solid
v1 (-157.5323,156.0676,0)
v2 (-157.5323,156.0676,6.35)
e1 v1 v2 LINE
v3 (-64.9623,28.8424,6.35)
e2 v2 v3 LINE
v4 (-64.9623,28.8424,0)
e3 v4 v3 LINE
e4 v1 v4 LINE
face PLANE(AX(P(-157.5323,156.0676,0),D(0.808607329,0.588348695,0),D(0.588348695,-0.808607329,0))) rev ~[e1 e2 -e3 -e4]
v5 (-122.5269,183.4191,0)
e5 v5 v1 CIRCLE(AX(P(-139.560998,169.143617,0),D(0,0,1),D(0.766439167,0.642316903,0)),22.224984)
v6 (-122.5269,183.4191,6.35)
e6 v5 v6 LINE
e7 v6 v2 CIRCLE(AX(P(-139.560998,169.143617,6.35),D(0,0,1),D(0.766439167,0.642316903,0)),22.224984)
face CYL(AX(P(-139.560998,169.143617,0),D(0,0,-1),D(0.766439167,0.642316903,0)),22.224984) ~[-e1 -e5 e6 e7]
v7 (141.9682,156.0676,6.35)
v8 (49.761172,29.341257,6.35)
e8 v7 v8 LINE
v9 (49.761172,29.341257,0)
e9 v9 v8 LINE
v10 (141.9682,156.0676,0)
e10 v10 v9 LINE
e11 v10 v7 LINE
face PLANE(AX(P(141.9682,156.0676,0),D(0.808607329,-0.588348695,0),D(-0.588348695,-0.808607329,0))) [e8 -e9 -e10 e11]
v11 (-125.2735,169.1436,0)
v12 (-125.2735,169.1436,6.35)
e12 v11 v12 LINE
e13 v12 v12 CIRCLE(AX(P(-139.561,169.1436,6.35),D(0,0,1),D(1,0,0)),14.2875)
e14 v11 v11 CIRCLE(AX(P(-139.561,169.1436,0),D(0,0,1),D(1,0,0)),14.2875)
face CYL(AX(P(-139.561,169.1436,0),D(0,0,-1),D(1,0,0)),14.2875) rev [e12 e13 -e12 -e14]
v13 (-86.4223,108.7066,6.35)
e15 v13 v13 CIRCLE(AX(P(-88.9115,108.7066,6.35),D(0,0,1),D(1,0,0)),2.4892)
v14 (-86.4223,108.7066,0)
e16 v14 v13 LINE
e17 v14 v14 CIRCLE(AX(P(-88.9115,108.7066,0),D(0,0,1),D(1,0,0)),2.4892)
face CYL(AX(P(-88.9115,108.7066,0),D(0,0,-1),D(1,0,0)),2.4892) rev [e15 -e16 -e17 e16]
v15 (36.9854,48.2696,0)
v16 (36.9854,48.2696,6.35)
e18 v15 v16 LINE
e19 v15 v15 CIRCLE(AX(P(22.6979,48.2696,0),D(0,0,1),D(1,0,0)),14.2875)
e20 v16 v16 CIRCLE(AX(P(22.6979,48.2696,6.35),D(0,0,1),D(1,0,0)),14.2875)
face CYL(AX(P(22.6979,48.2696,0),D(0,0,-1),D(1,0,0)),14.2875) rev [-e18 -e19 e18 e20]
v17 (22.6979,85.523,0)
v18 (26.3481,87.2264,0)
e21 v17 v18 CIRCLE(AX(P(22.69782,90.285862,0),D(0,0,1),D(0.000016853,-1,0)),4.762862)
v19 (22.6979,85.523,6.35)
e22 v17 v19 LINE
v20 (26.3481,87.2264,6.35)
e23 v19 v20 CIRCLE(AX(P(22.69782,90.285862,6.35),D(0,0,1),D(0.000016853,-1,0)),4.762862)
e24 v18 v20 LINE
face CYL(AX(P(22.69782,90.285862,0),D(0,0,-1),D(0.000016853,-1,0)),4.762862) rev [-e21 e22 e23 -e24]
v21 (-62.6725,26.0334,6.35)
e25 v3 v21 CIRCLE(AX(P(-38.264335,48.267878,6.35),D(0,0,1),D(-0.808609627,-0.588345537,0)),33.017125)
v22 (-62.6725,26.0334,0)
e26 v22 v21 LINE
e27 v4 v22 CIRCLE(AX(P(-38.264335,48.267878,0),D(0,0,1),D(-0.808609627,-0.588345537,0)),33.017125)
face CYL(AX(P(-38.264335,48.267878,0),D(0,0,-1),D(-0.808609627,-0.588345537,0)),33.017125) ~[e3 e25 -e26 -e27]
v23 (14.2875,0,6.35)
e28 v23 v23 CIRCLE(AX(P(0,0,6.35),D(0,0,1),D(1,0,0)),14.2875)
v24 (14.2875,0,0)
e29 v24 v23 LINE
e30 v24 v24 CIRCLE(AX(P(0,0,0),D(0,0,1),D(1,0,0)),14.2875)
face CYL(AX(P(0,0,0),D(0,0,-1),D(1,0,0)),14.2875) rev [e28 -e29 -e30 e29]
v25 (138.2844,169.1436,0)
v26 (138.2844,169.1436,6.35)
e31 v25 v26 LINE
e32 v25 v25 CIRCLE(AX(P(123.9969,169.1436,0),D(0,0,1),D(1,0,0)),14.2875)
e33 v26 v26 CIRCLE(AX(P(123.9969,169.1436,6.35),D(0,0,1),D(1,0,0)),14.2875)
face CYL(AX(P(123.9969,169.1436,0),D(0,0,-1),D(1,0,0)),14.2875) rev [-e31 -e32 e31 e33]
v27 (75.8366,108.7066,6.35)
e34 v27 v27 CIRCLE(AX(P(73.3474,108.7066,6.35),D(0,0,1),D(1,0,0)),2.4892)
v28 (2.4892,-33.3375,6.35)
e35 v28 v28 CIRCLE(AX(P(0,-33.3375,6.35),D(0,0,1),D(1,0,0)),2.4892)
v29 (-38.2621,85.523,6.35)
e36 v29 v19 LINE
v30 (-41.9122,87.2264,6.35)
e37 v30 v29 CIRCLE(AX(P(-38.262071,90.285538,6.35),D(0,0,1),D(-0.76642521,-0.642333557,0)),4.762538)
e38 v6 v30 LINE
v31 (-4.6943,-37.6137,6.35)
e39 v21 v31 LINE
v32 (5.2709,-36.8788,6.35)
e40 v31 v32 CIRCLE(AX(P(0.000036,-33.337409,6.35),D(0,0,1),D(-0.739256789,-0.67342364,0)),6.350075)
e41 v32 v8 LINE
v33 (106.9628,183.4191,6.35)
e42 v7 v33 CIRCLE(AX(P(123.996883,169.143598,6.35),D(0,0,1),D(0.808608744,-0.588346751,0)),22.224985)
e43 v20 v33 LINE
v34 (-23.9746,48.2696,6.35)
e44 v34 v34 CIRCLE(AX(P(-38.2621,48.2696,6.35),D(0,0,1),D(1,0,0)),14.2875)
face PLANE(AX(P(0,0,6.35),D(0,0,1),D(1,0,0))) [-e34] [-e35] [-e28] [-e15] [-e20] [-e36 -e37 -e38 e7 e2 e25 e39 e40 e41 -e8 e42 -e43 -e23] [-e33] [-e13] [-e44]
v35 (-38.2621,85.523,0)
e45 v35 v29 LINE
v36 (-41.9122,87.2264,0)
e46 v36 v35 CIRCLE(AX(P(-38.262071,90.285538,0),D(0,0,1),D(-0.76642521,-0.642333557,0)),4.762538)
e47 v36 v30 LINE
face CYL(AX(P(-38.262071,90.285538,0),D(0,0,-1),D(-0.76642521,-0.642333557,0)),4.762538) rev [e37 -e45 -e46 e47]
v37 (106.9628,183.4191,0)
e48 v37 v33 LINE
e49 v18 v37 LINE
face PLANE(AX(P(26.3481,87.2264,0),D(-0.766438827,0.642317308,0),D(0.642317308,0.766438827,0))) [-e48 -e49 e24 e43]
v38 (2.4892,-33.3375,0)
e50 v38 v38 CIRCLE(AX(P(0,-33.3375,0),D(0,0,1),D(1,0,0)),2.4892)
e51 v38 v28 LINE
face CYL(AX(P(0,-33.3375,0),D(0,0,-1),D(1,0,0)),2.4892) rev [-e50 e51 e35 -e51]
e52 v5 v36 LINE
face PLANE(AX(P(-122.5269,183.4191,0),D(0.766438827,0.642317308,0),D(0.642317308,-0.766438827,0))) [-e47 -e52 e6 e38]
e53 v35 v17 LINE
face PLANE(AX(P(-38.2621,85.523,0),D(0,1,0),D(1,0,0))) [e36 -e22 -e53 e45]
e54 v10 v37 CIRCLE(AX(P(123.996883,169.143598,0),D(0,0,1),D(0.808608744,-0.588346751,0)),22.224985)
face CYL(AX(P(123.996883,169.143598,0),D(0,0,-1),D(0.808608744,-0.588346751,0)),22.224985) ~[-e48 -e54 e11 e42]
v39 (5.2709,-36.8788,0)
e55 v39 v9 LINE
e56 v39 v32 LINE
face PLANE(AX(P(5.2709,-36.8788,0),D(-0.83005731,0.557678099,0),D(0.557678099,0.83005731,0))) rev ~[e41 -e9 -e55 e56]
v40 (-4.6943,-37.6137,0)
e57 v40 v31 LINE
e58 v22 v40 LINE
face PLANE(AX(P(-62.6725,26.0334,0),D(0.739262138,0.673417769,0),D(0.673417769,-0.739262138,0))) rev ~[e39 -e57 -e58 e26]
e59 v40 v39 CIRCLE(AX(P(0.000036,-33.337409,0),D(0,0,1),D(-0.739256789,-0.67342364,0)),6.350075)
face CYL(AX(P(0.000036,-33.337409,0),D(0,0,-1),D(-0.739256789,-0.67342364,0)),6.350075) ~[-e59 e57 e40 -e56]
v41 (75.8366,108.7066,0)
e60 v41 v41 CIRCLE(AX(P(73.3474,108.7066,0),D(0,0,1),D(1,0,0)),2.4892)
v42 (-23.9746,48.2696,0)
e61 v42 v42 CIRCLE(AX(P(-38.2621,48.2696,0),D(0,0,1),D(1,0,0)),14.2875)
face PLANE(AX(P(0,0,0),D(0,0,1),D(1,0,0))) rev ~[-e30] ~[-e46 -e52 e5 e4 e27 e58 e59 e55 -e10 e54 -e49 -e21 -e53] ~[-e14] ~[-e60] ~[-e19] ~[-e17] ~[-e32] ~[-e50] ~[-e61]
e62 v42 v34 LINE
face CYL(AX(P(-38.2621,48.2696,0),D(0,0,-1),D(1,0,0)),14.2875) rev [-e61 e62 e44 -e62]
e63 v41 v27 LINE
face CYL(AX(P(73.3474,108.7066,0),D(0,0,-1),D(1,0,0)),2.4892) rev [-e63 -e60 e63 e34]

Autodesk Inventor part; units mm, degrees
ref_plane "YZ Plane" through (0, 0, 0) normal (1, 0, 0) x (0, 1, 0)
ref_plane "XZ Plane" through (0, 0, 0) normal (0, 1, 0) x (-1, 0, 0)
ref_plane "XY Plane" through (0, 0, 0) normal (0, 0, 1) x (1, 0, 0)
sketch "Sketch1" plane through (0, 0, 0) normal (0, 0, 1) x (1, 0, 0)
  circle A0 centre (0, 0) radius 22.86 construction
  circle A1 centre (22.6979, 48.2696) radius 30.48 construction
  circle A2 centre (-38.2621, 48.2696) radius 30.48 construction
  circle A3 centre (0, 0) radius 25.4 construction
  circle A4 centre (22.6979, 48.2696) radius 33.02 construction
  circle A5 centre (-38.2621, 48.2696) radius 33.02 construction
  line L0 (-15.7782, 19.905) -> (-17.7504, 22.3931)
  circle A6 centre (-38.2621, 48.2696) radius 14.2875
  circle A7 centre (22.6979, 48.2696) radius 14.2875
  circle A8 centre (0, 0) radius 14.2875
  circle A9 centre (22.6979, 48.2696) radius 21.0058 construction
  circle A10 centre (22.6979, 48.2696) radius 19.1008 construction
  circle A11 centre (-38.2621, 48.2696) radius 19.1008 construction
  circle A12 centre (-38.2621, 48.2696) radius 21.0058 construction
  line L1 (22.6979, 48.2696) -> (123.9969, 169.1436) construction
  circle A13 centre (-139.561, 169.1436) radius 14.2875
  circle A14 centre (123.9969, 169.1436) radius 14.2875
  line L2 (-139.561, 169.1436) -> (-38.2621, 48.2696) construction
  circle A15 centre (-139.561, 169.1436) radius 22.225 construction
  circle A16 centre (123.9969, 169.1436) radius 22.225 construction
  line L3 (-122.5269, 183.4191) -> (-41.9122, 87.2264)
  arc A17 (-41.9122, 87.2264) -> (-38.2621, 85.523) centre (-38.2621, 90.2855) ccw
  line L4 (-38.2621, 85.523) -> (22.6979, 85.523)
  arc A18 (22.6979, 85.523) -> (26.3481, 87.2264) centre (22.6979, 90.2855) ccw
  line L5 (26.3481, 87.2264) -> (106.9628, 183.4191)
  line L6 (-38.2621, 81.2896) -> (-38.2621, 85.523) construction
  line L7 (22.6979, 81.2896) -> (22.6979, 85.523) construction
  arc A19 (-122.5269, 183.4191) -> (-157.5323, 156.0676) centre (-139.561, 169.1436) ccw
  circle A20 centre (-88.9115, 108.7066) radius 2.4892
  circle A21 centre (73.3474, 108.7066) radius 2.4892
  circle A22 centre (-88.9115, 108.7066) radius 6.35 construction
  circle A23 centre (73.3474, 108.7066) radius 6.35 construction
  line L8 (-157.5323, 156.0676) -> (-64.9623, 28.8424)
  circle A24 centre (0, -33.3375) radius 6.35 construction
  circle A25 centre (0, -33.3375) radius 2.4892
  line L9 (0, -26.9875) -> (0, -25.4) construction
  line L10 (-62.6725, 26.0334) -> (-4.6943, -37.6137)
  arc A26 (-64.9623, 28.8424) -> (-62.6725, 26.0334) centre (-38.2621, 48.2696) ccw
  line L11 (5.2709, -36.8788) -> (50.1064, 29.8551)
  arc A27 (-4.6943, -37.6137) -> (5.2709, -36.8788) centre (0, -33.3375) ccw
  arc A28 (141.9682, 156.0676) -> (106.9628, 183.4191) centre (123.9969, 169.1436) ccw
  line L12 (141.9682, 156.0676) -> (49.3982, 28.8424)
  line L13 (50.1064, 29.8551) -> (49.3982, 28.8424)
  circle A29 centre (-139.561, 169.1436) radius 50.8 construction
  circle A30 centre (123.9969, 169.1436) radius 50.8 construction
  point P0 (-38.2621, 83.4063)
  point P1 (49.7618, 29.3421)
  dimension "d0" = 45.72
  dimension "d1" = 60.96
  dimension "d2" = 2.54
  dimension "d3" = 2.54
  dimension "d4" = 3.175
  dimension "d5" = 28.575
  dimension "d6" = 42.0116
  dimension "d7" = 38.2016
  dimension "d14" = 44.45
  dimension "d15" = 44.45
  dimension "d16" = 4.7625
  dimension "d17" = 4.2333
  dimension "d18" = 4.9784
  dimension "d19" = 4.9784
  dimension "d20" = 12.7
  dimension "d21" = 12.7
  dimension "d23" = 1.5875
  dimension "d24" = 157.7086
  dimension "d25" = 101.6
  dimension "d26" = 101.6
extrude "Extrusion1" add sketch "Sketch1" along normal blind 6.35 contours L12 L13 L11 | L3 A17 L4 A18 L5 A28 L12 L11 A27 L10 A26 L8 A19
properties part number "topplate_gearbox3_" material "Aluminum 6061"
